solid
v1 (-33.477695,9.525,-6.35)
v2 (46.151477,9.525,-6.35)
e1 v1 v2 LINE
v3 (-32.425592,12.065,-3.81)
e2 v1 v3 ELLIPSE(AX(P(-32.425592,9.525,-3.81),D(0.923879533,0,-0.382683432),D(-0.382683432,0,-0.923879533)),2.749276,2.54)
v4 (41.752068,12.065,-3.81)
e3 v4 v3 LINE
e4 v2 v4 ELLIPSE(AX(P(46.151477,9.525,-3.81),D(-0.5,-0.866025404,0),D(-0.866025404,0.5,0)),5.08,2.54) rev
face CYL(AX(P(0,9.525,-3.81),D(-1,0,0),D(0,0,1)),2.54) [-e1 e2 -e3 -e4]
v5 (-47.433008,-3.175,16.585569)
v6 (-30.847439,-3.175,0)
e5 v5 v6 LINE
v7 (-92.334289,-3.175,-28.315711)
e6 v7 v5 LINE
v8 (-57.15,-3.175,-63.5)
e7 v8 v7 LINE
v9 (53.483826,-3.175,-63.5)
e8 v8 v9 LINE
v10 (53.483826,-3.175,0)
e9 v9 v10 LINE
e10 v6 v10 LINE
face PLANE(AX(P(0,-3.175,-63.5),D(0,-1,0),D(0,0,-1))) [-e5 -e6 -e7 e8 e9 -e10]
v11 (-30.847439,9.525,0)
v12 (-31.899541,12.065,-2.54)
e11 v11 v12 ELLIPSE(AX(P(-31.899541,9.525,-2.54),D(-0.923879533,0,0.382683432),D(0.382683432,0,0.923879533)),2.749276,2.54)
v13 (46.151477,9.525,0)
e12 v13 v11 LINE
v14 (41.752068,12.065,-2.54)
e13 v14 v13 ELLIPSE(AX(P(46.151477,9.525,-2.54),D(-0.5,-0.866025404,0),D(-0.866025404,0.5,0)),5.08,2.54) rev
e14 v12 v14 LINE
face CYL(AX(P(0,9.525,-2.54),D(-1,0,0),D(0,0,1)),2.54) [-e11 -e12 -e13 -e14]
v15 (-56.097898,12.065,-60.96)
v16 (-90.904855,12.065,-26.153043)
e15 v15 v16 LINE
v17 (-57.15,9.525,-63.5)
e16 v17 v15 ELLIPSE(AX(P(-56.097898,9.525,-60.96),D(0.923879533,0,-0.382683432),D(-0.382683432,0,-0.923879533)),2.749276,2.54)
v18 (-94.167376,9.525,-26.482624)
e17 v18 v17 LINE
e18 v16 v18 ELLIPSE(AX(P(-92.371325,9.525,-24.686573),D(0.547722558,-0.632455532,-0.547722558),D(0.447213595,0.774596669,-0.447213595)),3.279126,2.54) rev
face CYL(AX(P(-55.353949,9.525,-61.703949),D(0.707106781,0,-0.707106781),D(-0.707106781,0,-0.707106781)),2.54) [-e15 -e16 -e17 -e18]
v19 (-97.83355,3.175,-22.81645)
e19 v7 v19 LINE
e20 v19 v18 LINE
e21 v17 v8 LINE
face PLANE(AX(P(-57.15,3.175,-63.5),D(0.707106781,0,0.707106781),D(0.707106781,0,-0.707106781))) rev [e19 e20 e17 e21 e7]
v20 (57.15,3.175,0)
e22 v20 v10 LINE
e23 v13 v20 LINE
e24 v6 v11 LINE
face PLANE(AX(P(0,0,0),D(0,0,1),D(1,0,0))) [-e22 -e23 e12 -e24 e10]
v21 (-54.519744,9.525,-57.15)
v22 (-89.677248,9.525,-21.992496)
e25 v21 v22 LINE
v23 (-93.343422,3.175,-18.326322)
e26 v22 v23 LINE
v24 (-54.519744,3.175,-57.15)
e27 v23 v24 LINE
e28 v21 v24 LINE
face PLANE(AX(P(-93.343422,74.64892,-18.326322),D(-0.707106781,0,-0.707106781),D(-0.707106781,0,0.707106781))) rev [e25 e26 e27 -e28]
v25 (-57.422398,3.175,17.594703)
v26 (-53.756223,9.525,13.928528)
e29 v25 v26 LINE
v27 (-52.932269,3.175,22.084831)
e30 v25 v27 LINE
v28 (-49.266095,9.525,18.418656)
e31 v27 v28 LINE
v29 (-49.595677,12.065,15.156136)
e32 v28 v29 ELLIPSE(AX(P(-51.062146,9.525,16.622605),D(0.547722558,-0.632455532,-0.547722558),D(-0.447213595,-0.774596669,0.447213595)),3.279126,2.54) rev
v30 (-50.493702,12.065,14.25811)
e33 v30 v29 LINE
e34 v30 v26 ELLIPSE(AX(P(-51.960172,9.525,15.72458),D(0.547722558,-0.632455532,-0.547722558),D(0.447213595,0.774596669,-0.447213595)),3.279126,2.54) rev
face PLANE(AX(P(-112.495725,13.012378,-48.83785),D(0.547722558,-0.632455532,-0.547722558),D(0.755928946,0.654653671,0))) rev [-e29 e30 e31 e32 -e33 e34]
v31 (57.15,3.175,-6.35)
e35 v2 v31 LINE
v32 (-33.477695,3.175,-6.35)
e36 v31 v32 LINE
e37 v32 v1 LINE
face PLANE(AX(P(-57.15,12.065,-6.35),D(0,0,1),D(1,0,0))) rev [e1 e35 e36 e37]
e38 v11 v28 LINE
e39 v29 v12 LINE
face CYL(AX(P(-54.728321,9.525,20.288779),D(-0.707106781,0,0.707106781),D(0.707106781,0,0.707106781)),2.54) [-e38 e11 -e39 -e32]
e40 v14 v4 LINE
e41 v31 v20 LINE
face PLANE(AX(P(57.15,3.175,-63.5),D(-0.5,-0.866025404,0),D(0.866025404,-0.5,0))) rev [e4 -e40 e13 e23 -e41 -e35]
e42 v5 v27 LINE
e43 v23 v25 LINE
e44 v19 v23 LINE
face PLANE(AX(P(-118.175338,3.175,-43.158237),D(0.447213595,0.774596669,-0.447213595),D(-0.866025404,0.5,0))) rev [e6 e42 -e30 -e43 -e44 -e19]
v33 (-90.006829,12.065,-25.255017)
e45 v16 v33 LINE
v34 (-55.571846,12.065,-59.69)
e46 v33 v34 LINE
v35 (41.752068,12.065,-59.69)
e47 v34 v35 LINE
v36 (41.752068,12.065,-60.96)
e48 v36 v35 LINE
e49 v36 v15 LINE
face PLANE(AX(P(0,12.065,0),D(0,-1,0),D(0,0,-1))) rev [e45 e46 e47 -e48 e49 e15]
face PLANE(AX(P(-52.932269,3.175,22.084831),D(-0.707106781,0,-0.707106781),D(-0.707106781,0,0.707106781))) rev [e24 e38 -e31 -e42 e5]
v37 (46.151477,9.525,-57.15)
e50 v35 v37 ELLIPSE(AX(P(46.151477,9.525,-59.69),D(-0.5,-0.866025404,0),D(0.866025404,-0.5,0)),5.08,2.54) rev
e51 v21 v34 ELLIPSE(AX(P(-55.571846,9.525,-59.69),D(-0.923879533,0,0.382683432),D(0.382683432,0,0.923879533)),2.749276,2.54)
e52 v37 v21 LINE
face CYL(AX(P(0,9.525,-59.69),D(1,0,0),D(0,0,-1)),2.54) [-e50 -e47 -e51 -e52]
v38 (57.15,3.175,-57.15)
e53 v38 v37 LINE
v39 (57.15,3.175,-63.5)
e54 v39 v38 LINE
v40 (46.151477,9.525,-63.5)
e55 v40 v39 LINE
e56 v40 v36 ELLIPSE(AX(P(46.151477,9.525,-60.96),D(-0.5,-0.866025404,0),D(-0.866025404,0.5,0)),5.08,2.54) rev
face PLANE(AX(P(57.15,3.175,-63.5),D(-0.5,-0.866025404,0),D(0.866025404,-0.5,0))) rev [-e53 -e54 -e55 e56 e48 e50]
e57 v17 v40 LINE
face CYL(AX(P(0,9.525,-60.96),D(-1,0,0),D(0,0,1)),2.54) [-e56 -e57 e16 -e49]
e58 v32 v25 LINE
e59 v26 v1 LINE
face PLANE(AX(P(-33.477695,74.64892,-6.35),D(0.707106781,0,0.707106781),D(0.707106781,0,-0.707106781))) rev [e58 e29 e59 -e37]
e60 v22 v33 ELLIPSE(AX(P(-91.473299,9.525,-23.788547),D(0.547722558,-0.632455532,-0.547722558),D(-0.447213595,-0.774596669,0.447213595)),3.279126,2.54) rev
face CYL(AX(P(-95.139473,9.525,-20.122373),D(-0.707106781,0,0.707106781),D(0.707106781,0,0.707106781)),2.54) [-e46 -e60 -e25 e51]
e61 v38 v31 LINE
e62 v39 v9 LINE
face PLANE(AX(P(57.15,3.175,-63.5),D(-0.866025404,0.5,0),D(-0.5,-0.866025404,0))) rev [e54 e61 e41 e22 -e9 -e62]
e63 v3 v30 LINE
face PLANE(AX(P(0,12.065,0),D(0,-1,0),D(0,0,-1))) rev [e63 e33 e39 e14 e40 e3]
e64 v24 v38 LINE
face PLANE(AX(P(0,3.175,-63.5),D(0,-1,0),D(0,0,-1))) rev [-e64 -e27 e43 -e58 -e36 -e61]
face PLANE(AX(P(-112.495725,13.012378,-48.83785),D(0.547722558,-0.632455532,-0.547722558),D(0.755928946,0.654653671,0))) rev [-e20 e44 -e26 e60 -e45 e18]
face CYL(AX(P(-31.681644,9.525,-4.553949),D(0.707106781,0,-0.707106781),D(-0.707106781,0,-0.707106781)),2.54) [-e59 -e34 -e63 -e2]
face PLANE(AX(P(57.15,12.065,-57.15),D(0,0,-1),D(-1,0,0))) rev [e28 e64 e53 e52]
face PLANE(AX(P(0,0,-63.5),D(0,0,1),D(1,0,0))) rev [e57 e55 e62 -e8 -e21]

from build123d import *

# Parameters (mm, degrees)
SKETCH1_W               = 114.3
SKETCH1_H               = 6.35
BOSS_EXTRUDE1_DEPTH     = 63.5
SKETCH2_W               = 114.3
SKETCH2_H               = 6.35
BOSS_EXTRUDE2_DEPTH     = 8.89
CUT_EXTRUDE1_DEPTH      = 64.5
CUT_EXTRUDE2_DEPTH      = 13.065
CUT_EXTRUDE2_DEPTH_BACK = 4.175
BOSS_EXTRUDE4_DEPTH     = 3.175
BOSS_EXTRUDE5_DEPTH     = 8.89
FILLET1_R               = 2.54
CUT_EXTRUDE3_DEPTH      = 93.267614143


with BuildPart() as part:
    # Sketch1 → Boss-Extrude1 (new body)
    with BuildSketch(Plane.XY):
        Rectangle(SKETCH1_W, SKETCH1_H)
    extrude(amount=-BOSS_EXTRUDE1_DEPTH)

    # Sketch2 → Boss-Extrude2 (add)
    with BuildSketch(Plane(origin=(0, 3.175, 0), x_dir=(1, 0, 0), z_dir=(0, 1, 0))):
        with Locations((0, 60.325)):
            Rectangle(SKETCH2_W, SKETCH2_H)
        with Locations((0, 3.175)):
            Rectangle(SKETCH2_W, SKETCH2_H)
    extrude(amount=BOSS_EXTRUDE2_DEPTH)

    # Sketch3 → Cut-Extrude1 (cut, through all)
    with BuildSketch(Plane.XY):
        Polygon((57.15, 3.175), (41.752068321, 12.065), (48.527437664, 23.800283942), (66.675, 13.322783942), (57.15, -3.175), (56.233456448, -4.7625), (53.483825791, -3.175), align=None)
    extrude(amount=-CUT_EXTRUDE1_DEPTH, mode=Mode.SUBTRACT)

    # Sketch5 → Cut-Extrude2 (cut, two sides)
    with BuildSketch(Plane(origin=(0, 0, 0), x_dir=(1, 0, 0), z_dir=(0, 1, 0))) as cut_extrude2_sk:
        Polygon((-57.15, 63.5), (-30.847438789, 0), (-57.15, 0), align=None)
    extrude(amount=CUT_EXTRUDE2_DEPTH, mode=Mode.SUBTRACT)
    extrude(cut_extrude2_sk.sketch, amount=-CUT_EXTRUDE2_DEPTH_BACK, mode=Mode.SUBTRACT)

    # Sketch9 → Boss-Extrude4 (add, symmetric)
    with BuildSketch(Plane(origin=(0, 0, 0), x_dir=(1, 0, 0), z_dir=(0, 1, 0))):
        Polygon((-30.847438789, 0), (-57.15, 63.5), (-97.833550078, 22.816449922), (-52.932269473, -22.084830683), align=None)
    extrude(amount=BOSS_EXTRUDE4_DEPTH, both=True)

    # Sketch11 → Boss-Extrude5 (add)
    with BuildSketch(Plane(origin=(0, 3.175, 0), x_dir=(1, 0, 0), z_dir=(0, 1, 0))):
        Polygon((-57.15, 63.5), (-97.833550078, 22.816449922), (-93.343422018, 18.326321861), (-54.519743879, 57.15), align=None)
        Polygon((-33.47769491, 6.35), (-57.422397533, -17.594702623), (-52.932269473, -22.084830683), (-30.847438789, 0), align=None)
    extrude(amount=BOSS_EXTRUDE5_DEPTH)

    # Fillet1
    fillet1_edges = [part.edges().sort_by_distance(p)[0] for p in [
        (-41.889854131, 12.065, 11.042415342),
        (5.452314766, 12.065, 0),
        (4.137186705, 12.065, -6.35),
        (-45.450046222, 12.065, 5.622351311),
        (-73.931582948, 12.065, -37.738160931),
        (-6.383837779, 12.065, -57.15),
        (-7.69896584, 12.065, -63.5),
        (-77.491775039, 12.065, -43.158224961),
    ]]
    fillet(fillet1_edges, radius=FILLET1_R)

    # Sketch12 → Cut-Extrude3 (cut, through all)
    with BuildSketch(Plane(origin=(-15.423719395, 0, -15.423719395), x_dir=(0.707106781, 0, -0.707106781), z_dir=(0.707106781, 0, 0.707106781))):
        Polygon((-53.045100225, 3.175), (-45.267970292, -3.175), (-53.300155549, -13.012377699), (-72.974910948, 3.051992814), (-56.910540434, 22.726748213), (-45.012914969, 13.012377699), align=None)
    extrude(amount=-CUT_EXTRUDE3_DEPTH, mode=Mode.SUBTRACT)


solid = part.part
